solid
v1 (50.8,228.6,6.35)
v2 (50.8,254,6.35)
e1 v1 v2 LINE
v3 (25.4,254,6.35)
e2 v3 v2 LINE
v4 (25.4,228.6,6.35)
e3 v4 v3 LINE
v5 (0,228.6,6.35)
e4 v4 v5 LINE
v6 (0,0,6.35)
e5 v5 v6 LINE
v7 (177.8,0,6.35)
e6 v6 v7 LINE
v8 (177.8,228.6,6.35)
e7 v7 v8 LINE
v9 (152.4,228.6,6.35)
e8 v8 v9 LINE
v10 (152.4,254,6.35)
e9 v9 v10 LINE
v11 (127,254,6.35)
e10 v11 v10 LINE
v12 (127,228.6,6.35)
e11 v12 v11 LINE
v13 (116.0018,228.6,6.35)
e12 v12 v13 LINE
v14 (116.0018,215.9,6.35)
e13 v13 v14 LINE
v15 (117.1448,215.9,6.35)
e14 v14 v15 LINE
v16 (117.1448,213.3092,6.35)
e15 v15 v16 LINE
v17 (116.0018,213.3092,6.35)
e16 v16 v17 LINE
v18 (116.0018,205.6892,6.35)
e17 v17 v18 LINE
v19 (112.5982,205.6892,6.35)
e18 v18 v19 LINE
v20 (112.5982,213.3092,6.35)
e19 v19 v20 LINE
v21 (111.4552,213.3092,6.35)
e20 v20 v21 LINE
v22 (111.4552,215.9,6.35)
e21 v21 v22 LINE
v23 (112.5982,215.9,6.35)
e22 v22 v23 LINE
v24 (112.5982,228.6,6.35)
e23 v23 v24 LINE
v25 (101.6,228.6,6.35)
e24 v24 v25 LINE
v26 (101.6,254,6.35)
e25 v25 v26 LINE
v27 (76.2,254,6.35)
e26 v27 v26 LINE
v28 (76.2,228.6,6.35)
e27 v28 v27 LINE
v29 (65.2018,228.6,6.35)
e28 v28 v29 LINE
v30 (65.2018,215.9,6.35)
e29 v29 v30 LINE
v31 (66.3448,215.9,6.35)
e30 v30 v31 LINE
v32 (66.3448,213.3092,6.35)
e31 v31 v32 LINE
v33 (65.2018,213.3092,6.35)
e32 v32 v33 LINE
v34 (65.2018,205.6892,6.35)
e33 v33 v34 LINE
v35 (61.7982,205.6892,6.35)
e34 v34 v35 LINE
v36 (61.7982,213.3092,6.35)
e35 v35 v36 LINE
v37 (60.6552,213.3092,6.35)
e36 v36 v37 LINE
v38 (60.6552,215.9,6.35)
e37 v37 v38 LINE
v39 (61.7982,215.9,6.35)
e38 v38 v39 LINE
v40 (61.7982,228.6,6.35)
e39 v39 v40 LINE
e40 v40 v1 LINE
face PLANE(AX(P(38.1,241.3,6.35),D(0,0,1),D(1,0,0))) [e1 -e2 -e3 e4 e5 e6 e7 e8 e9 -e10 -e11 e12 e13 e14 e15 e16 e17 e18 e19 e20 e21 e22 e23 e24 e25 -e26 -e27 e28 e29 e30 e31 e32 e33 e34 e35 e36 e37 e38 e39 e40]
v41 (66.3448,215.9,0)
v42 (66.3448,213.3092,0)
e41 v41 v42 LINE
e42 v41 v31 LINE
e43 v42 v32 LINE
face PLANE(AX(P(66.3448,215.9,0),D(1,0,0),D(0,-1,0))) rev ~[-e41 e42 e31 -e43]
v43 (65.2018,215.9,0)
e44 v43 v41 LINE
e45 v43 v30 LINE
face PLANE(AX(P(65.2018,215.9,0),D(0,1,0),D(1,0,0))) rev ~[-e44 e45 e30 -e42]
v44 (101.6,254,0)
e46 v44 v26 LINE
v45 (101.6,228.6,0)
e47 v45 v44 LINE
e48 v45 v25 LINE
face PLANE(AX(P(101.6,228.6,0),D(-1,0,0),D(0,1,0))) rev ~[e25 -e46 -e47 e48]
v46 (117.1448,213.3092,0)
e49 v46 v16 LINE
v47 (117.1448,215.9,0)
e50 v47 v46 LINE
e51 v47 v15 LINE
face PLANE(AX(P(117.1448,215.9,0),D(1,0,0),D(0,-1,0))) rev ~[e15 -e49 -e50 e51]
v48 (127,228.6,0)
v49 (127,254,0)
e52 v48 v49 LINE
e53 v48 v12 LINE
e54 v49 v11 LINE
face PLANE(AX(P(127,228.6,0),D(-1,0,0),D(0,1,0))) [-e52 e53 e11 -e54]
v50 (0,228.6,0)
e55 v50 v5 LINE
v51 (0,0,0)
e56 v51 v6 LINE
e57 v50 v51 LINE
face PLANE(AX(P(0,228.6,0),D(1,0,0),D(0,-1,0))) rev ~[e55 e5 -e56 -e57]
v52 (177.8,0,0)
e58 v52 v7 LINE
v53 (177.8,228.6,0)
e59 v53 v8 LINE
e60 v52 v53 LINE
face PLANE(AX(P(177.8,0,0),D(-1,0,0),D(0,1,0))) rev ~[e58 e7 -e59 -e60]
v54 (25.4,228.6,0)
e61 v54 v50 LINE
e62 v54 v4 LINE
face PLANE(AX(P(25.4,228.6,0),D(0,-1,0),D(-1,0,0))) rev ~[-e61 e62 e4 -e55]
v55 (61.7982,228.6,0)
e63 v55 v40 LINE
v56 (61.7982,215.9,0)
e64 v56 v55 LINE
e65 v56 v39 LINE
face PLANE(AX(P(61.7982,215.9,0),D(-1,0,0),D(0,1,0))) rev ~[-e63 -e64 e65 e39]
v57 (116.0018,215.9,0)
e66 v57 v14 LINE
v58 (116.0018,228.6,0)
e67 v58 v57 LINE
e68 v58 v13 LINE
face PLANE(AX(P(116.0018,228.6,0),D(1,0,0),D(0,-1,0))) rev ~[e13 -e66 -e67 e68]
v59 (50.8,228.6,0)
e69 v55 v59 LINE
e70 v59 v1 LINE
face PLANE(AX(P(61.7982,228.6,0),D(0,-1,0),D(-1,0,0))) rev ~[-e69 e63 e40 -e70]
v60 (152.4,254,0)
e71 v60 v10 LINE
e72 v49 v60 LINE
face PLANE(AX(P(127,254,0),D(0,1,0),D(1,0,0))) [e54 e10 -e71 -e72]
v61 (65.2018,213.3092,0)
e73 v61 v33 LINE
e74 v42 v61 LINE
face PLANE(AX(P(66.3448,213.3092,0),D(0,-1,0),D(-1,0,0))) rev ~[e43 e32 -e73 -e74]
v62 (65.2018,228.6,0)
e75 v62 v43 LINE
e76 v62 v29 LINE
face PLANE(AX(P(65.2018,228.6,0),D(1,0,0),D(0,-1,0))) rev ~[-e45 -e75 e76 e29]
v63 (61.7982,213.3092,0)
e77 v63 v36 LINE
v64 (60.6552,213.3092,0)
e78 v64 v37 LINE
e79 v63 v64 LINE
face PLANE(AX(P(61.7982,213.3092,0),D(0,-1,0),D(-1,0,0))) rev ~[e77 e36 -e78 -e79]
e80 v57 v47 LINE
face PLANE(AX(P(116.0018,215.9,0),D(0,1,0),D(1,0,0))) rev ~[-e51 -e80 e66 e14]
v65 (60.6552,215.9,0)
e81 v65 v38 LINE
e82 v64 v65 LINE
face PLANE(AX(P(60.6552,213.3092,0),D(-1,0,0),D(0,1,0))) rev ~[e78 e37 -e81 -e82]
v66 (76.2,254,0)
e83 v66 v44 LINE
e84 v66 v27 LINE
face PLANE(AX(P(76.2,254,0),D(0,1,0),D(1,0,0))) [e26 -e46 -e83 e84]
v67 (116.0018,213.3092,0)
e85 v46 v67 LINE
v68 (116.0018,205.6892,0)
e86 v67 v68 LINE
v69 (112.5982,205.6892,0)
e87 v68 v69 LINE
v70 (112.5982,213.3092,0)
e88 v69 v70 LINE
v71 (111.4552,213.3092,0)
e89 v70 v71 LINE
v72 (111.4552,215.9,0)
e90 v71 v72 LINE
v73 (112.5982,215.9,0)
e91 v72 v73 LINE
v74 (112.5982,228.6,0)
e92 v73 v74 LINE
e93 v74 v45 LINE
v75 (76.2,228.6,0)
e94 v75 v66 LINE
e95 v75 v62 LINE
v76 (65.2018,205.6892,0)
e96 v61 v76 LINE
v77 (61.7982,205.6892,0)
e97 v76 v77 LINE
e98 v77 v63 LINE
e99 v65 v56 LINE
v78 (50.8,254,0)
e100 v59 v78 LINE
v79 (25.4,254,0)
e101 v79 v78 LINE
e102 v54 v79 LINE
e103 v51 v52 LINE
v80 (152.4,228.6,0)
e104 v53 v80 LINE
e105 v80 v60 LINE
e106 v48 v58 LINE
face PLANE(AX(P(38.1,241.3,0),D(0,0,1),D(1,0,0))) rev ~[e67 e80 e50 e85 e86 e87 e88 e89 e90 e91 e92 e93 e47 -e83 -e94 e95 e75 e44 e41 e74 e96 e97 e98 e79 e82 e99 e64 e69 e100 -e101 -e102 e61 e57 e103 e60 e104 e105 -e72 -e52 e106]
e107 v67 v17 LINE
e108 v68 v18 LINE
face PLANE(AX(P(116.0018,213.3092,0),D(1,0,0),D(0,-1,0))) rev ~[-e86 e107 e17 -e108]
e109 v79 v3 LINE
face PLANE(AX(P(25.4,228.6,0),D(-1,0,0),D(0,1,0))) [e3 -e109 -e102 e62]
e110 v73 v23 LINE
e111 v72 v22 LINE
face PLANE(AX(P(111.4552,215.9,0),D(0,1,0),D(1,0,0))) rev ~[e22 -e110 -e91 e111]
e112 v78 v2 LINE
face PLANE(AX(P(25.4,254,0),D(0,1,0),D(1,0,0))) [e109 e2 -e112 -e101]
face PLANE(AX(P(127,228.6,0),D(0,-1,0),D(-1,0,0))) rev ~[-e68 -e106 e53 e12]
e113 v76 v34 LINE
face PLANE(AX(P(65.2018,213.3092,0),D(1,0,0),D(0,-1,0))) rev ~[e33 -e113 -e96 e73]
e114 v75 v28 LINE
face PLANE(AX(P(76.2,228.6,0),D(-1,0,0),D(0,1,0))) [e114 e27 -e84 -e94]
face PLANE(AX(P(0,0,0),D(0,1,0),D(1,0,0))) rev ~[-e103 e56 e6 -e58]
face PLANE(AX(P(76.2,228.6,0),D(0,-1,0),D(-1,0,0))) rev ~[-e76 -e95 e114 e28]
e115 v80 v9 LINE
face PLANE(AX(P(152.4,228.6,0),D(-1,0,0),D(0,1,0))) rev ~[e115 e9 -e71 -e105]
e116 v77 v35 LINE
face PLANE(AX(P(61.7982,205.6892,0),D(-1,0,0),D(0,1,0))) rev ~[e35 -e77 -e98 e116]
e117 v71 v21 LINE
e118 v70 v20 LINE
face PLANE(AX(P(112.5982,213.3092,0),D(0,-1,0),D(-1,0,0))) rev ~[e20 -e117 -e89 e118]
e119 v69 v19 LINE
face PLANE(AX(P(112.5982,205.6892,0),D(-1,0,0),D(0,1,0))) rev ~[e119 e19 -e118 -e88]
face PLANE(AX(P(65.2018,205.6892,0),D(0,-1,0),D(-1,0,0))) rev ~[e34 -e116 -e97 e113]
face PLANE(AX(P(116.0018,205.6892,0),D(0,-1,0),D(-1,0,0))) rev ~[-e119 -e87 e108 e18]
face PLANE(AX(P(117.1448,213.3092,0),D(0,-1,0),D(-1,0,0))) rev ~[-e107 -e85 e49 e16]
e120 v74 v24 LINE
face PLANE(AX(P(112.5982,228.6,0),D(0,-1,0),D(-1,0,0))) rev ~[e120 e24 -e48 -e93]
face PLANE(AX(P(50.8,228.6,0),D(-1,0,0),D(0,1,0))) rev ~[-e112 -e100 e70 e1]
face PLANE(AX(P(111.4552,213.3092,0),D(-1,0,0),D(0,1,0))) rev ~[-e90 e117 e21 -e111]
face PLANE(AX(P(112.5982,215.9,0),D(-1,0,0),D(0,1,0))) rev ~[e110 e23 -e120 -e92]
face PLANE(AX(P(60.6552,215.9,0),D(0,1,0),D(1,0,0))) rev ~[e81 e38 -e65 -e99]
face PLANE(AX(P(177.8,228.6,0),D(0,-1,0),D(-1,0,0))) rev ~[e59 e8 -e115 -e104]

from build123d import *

# Parameters (mm, degrees)
SKETCH1_W           = 25.4
SKETCH1_H           = 25.4
BOSS_EXTRUDE1_DEPTH = 6.35


with BuildPart() as part:
    # Sketch1 → Boss-Extrude1 (new body)
    with BuildSketch(Plane.XY):
        with Locations((38.1, 241.3)):
            Rectangle(SKETCH1_W, SKETCH1_H)
        with Locations((88.9, 241.3)):
            Rectangle(SKETCH1_W, SKETCH1_H)
        with Locations((139.7, 241.3)):
            Rectangle(SKETCH1_W, SKETCH1_H)
        Polygon((0, 228.6), (0, 0), (177.8, 0), (177.8, 228.6), (152.4, 228.6), (127, 228.6), (116.0018, 228.6), (116.0018, 215.9), (117.1448, 215.9), (117.1448, 213.3092), (116.0018, 213.3092), (116.0018, 205.6892), (112.5982, 205.6892), (112.5982, 213.3092), (111.4552, 213.3092), (111.4552, 215.9), (112.5982, 215.9), (112.5982, 228.6), (101.6, 228.6), (76.2, 228.6), (65.2018, 228.6), (65.2018, 215.9), (66.3448, 215.9), (66.3448, 213.3092), (65.2018, 213.3092), (65.2018, 205.6892), (61.7982, 205.6892), (61.7982, 213.3092), (60.6552, 213.3092), (60.6552, 215.9), (61.7982, 215.9), (61.7982, 228.6), (50.8, 228.6), (25.4, 228.6), align=None)
    extrude(amount=BOSS_EXTRUDE1_DEPTH)


solid = part.part
